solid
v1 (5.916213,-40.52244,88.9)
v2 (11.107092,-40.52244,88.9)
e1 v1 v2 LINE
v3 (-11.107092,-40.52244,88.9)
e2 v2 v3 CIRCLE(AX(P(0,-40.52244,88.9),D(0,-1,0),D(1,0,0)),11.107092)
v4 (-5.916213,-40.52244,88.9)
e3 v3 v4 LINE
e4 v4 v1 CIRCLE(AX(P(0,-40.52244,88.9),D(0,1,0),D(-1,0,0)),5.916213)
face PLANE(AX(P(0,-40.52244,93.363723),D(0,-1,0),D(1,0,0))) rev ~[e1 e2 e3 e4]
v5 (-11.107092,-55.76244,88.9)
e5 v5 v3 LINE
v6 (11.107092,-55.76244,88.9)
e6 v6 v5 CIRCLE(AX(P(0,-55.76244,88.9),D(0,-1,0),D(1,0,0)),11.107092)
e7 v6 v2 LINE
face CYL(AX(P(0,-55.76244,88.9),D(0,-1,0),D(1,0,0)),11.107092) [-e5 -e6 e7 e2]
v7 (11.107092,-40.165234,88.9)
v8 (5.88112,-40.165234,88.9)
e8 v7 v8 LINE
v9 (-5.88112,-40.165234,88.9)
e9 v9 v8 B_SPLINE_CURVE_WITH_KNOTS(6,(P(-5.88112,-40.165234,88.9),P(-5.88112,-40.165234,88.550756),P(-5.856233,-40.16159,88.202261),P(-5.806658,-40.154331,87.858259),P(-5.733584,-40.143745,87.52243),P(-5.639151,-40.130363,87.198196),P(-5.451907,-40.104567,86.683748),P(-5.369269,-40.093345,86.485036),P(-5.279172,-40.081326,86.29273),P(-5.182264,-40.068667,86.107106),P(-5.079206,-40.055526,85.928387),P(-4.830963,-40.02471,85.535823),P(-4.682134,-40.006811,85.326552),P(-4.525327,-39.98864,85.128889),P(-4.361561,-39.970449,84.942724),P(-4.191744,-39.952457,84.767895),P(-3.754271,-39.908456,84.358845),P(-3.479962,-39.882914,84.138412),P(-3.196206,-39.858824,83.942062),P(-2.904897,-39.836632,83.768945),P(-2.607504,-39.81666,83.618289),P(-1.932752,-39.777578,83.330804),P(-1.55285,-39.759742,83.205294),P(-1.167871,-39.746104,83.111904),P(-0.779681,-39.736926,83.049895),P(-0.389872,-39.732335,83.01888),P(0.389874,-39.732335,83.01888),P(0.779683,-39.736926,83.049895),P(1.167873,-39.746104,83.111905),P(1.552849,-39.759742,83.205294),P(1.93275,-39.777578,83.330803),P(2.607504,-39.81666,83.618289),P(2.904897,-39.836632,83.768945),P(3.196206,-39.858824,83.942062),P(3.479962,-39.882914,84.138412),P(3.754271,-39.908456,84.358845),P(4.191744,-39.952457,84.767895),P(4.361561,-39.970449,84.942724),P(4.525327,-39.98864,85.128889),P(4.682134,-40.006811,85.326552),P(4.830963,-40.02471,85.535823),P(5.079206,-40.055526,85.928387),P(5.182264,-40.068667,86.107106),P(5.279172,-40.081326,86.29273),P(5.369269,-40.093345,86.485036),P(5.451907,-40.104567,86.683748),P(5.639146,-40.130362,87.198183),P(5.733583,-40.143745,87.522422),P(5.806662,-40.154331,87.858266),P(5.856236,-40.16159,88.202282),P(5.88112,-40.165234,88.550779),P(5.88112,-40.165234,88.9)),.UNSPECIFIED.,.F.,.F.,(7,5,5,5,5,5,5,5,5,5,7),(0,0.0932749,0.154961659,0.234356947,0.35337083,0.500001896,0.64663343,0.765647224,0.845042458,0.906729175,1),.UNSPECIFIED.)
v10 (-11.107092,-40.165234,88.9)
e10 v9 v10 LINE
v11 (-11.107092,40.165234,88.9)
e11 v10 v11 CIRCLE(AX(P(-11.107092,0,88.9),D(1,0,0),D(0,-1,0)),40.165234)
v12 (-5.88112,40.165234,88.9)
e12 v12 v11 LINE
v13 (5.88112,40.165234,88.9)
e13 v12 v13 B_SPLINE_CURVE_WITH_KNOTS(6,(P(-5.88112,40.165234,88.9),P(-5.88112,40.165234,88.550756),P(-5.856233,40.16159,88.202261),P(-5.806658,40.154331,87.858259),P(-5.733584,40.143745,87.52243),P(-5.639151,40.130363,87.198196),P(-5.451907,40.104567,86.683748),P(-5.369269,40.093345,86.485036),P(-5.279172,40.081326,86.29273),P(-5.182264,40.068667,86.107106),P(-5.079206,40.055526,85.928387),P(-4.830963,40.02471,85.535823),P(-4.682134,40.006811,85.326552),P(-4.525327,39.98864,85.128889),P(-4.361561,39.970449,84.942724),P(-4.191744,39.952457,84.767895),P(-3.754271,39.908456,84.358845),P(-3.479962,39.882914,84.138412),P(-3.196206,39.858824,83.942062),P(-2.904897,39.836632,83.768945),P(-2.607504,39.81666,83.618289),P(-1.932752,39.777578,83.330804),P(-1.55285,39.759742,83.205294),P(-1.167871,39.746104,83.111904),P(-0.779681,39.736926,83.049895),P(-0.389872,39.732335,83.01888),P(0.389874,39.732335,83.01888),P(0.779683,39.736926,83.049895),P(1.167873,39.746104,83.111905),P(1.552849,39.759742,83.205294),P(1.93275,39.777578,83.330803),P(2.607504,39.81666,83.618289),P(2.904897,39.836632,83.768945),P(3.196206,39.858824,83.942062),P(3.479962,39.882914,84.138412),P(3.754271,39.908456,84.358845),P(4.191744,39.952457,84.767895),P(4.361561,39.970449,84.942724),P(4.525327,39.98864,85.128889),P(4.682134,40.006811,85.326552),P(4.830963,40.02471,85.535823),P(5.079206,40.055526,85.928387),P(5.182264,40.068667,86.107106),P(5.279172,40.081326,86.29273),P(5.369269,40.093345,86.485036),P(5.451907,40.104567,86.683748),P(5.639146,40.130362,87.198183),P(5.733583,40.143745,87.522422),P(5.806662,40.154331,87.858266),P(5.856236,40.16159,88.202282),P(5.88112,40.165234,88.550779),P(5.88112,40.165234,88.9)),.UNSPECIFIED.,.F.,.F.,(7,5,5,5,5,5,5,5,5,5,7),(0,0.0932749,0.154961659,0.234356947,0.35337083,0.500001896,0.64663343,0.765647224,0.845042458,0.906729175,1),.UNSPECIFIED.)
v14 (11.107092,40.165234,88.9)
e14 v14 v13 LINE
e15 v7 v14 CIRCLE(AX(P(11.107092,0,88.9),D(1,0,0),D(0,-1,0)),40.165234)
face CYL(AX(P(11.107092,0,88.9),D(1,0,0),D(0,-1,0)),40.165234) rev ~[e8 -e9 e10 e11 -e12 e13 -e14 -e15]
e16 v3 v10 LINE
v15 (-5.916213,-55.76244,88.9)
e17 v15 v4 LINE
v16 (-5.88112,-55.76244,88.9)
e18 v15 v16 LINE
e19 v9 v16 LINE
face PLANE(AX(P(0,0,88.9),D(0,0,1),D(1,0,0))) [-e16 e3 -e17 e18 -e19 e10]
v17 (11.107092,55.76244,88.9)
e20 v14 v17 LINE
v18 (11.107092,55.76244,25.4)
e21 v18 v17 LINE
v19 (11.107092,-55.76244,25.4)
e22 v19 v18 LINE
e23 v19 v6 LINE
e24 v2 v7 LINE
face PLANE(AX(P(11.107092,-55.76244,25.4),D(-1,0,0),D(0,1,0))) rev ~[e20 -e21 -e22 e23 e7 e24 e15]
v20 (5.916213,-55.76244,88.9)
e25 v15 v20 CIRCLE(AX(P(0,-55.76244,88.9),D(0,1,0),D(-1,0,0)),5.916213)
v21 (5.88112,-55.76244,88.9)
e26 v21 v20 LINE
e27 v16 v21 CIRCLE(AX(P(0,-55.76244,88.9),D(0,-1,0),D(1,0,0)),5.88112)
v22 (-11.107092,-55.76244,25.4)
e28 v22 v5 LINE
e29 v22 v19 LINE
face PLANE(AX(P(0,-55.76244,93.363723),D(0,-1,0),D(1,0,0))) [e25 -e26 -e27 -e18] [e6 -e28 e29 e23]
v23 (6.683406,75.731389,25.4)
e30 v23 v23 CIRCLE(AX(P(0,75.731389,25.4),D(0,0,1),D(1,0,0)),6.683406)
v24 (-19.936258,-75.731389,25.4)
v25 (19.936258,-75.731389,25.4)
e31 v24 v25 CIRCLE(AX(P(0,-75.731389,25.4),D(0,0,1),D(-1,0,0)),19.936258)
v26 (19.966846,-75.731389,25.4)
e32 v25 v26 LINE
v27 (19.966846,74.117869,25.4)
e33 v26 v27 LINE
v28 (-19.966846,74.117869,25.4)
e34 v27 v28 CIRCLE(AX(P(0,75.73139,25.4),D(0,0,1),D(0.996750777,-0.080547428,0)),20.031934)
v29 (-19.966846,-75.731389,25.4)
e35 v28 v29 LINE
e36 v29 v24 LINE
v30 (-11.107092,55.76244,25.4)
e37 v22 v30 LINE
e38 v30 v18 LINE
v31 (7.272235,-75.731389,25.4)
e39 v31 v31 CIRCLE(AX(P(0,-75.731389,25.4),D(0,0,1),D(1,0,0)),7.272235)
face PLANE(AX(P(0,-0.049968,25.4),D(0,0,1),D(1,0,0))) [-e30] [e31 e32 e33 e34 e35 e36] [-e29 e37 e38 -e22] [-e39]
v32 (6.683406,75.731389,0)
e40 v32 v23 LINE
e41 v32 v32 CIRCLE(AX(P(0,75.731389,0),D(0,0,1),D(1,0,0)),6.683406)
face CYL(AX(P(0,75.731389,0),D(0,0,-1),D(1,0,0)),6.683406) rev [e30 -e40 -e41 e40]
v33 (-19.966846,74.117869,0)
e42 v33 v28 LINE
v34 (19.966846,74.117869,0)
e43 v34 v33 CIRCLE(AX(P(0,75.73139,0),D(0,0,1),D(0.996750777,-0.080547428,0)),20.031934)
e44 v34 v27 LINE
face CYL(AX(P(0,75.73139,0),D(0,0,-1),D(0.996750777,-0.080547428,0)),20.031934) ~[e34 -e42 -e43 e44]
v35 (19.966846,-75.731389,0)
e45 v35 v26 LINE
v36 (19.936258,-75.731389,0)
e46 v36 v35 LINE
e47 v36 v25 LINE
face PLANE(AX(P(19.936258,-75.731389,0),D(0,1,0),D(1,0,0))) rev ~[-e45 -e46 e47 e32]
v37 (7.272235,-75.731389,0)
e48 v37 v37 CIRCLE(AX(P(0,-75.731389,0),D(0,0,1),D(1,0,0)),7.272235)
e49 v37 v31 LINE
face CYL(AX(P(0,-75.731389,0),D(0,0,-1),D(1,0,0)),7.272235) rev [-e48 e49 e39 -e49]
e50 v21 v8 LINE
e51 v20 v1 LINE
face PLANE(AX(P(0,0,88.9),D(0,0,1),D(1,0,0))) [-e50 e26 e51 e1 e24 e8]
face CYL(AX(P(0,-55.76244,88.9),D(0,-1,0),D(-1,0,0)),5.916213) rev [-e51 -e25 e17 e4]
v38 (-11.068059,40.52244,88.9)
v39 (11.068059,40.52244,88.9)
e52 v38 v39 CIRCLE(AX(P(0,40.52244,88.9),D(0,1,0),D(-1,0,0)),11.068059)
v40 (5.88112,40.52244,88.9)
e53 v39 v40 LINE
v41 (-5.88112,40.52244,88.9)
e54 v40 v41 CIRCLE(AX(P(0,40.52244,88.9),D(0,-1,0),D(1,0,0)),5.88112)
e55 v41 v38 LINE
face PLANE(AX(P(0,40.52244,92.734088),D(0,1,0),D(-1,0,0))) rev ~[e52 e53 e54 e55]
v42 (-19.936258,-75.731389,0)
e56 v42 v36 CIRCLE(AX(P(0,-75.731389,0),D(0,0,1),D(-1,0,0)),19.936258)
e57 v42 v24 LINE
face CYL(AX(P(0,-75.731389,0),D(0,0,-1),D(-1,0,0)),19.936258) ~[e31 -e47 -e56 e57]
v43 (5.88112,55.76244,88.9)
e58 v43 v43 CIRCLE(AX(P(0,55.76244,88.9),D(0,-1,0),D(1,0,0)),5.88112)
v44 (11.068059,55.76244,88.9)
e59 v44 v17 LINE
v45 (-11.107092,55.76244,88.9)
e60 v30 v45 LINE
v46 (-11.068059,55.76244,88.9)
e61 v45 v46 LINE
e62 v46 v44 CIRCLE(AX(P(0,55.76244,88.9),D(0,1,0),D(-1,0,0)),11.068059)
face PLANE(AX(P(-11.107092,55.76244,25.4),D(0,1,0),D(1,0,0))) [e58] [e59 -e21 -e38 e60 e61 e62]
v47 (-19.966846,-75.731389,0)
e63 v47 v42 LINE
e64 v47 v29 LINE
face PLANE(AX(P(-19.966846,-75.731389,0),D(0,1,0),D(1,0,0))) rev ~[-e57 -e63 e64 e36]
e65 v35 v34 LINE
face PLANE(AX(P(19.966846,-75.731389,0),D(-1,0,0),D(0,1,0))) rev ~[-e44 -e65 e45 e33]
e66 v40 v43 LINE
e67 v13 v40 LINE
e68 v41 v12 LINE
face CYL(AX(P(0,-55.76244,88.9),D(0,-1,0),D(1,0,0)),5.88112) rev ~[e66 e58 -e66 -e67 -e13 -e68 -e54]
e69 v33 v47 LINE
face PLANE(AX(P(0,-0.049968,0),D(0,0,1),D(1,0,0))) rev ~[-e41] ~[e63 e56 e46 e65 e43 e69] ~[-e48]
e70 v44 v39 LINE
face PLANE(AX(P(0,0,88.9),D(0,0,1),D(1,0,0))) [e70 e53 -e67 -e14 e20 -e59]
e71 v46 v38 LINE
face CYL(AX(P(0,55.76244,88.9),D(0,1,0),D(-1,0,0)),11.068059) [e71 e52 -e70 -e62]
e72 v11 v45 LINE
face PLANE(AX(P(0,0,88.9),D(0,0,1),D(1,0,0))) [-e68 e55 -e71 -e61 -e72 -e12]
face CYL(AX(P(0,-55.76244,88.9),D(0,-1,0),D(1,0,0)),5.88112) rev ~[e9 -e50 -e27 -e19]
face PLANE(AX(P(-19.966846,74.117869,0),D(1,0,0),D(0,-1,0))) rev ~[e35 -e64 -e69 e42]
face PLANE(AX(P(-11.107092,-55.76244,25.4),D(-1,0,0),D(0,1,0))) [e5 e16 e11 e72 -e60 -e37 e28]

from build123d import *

# Parameters (mm, degrees)
F0_R      = 7.272235
F0_R_2    = 6.683406
F1_DEPTH  = 25.4
F2_W      = 22.214184
F2_H      = 111.52488
F3_DEPTH  = 63.5
F5_DEPTH  = 31.140026
F7_DEPTH  = 15.24
F9_DEPTH  = 15.24
F10_R     = 5.88112
F11_DEPTH = 151.526764


with BuildPart() as f1:
    # F0 (on Top) → F1 (new body)
    with BuildSketch(Plane.XY):
        with BuildLine():
            Line((-19.966846, 74.117869), (-19.966846, -75.731389))
            Line((-19.966846, -75.731389), (-19.936258, -75.731389))
            ThreePointArc((-19.936258, -75.731389), (0, -95.667647), (19.936258, -75.731389))
            Line((19.936258, -75.731389), (19.966846, -75.731389))
            Line((19.966846, -75.731389), (19.966846, 74.117869))
            ThreePointArc((19.966846, 74.117869), (0, 95.763324), (-19.966846, 74.117869))
        make_face()
        with Locations((0, -75.731389)):
            Circle(F0_R, mode=Mode.SUBTRACT)
        with Locations((0, 75.731389)):
            Circle(F0_R_2, mode=Mode.SUBTRACT)
    extrude(amount=F1_DEPTH)

    # F2 (on face) → F3 (join)
    with BuildSketch(Plane.XY.offset(25.4)):
        Rectangle(F2_W, F2_H)
    extrude(amount=F3_DEPTH)

    # F4 (on face) → F5 (cut, through all)
    with BuildSketch(Plane.YZ.offset(11.107092)):
        with BuildLine():
            Line((40.165234, 88.9), (-40.165234, 88.9))
            ThreePointArc((-40.165234, 88.9), (0, 48.734766), (40.165234, 88.9))
        make_face()
    extrude(amount=-F5_DEPTH, mode=Mode.SUBTRACT)

    # F6 (on face) → F7 (join)
    with BuildSketch(Plane.XZ.offset(55.76244)):
        with BuildLine():
            Line((5.916213, 88.9), (11.107092, 88.9))
            ThreePointArc((11.107092, 88.9), (0, 100.007092), (-11.107092, 88.9))
            Line((-11.107092, 88.9), (-5.916213, 88.9))
            ThreePointArc((-5.916213, 88.9), (0, 94.816213), (5.916213, 88.9))
        make_face()
    extrude(amount=-F7_DEPTH)

    # F8 (on face) → F9 (join)
    with BuildSketch(Plane(origin=(0, 55.76244, 0), x_dir=(-1, 0, 0), z_dir=(0, 1, 0))):
        with BuildLine():
            Line((-11.068059, 88.9), (11.068059, 88.9))
            ThreePointArc((11.068059, 88.9), (0, 99.968059), (-11.068059, 88.9))
        make_face()
    extrude(amount=-F9_DEPTH)

    # F10 (on face) → F11 (cut, through all)
    with BuildSketch(Plane.XZ.offset(55.76244)):
        with Locations((0, 88.9)):
            Circle(F10_R)
    extrude(amount=-F11_DEPTH, mode=Mode.SUBTRACT)


solid = f1.part
